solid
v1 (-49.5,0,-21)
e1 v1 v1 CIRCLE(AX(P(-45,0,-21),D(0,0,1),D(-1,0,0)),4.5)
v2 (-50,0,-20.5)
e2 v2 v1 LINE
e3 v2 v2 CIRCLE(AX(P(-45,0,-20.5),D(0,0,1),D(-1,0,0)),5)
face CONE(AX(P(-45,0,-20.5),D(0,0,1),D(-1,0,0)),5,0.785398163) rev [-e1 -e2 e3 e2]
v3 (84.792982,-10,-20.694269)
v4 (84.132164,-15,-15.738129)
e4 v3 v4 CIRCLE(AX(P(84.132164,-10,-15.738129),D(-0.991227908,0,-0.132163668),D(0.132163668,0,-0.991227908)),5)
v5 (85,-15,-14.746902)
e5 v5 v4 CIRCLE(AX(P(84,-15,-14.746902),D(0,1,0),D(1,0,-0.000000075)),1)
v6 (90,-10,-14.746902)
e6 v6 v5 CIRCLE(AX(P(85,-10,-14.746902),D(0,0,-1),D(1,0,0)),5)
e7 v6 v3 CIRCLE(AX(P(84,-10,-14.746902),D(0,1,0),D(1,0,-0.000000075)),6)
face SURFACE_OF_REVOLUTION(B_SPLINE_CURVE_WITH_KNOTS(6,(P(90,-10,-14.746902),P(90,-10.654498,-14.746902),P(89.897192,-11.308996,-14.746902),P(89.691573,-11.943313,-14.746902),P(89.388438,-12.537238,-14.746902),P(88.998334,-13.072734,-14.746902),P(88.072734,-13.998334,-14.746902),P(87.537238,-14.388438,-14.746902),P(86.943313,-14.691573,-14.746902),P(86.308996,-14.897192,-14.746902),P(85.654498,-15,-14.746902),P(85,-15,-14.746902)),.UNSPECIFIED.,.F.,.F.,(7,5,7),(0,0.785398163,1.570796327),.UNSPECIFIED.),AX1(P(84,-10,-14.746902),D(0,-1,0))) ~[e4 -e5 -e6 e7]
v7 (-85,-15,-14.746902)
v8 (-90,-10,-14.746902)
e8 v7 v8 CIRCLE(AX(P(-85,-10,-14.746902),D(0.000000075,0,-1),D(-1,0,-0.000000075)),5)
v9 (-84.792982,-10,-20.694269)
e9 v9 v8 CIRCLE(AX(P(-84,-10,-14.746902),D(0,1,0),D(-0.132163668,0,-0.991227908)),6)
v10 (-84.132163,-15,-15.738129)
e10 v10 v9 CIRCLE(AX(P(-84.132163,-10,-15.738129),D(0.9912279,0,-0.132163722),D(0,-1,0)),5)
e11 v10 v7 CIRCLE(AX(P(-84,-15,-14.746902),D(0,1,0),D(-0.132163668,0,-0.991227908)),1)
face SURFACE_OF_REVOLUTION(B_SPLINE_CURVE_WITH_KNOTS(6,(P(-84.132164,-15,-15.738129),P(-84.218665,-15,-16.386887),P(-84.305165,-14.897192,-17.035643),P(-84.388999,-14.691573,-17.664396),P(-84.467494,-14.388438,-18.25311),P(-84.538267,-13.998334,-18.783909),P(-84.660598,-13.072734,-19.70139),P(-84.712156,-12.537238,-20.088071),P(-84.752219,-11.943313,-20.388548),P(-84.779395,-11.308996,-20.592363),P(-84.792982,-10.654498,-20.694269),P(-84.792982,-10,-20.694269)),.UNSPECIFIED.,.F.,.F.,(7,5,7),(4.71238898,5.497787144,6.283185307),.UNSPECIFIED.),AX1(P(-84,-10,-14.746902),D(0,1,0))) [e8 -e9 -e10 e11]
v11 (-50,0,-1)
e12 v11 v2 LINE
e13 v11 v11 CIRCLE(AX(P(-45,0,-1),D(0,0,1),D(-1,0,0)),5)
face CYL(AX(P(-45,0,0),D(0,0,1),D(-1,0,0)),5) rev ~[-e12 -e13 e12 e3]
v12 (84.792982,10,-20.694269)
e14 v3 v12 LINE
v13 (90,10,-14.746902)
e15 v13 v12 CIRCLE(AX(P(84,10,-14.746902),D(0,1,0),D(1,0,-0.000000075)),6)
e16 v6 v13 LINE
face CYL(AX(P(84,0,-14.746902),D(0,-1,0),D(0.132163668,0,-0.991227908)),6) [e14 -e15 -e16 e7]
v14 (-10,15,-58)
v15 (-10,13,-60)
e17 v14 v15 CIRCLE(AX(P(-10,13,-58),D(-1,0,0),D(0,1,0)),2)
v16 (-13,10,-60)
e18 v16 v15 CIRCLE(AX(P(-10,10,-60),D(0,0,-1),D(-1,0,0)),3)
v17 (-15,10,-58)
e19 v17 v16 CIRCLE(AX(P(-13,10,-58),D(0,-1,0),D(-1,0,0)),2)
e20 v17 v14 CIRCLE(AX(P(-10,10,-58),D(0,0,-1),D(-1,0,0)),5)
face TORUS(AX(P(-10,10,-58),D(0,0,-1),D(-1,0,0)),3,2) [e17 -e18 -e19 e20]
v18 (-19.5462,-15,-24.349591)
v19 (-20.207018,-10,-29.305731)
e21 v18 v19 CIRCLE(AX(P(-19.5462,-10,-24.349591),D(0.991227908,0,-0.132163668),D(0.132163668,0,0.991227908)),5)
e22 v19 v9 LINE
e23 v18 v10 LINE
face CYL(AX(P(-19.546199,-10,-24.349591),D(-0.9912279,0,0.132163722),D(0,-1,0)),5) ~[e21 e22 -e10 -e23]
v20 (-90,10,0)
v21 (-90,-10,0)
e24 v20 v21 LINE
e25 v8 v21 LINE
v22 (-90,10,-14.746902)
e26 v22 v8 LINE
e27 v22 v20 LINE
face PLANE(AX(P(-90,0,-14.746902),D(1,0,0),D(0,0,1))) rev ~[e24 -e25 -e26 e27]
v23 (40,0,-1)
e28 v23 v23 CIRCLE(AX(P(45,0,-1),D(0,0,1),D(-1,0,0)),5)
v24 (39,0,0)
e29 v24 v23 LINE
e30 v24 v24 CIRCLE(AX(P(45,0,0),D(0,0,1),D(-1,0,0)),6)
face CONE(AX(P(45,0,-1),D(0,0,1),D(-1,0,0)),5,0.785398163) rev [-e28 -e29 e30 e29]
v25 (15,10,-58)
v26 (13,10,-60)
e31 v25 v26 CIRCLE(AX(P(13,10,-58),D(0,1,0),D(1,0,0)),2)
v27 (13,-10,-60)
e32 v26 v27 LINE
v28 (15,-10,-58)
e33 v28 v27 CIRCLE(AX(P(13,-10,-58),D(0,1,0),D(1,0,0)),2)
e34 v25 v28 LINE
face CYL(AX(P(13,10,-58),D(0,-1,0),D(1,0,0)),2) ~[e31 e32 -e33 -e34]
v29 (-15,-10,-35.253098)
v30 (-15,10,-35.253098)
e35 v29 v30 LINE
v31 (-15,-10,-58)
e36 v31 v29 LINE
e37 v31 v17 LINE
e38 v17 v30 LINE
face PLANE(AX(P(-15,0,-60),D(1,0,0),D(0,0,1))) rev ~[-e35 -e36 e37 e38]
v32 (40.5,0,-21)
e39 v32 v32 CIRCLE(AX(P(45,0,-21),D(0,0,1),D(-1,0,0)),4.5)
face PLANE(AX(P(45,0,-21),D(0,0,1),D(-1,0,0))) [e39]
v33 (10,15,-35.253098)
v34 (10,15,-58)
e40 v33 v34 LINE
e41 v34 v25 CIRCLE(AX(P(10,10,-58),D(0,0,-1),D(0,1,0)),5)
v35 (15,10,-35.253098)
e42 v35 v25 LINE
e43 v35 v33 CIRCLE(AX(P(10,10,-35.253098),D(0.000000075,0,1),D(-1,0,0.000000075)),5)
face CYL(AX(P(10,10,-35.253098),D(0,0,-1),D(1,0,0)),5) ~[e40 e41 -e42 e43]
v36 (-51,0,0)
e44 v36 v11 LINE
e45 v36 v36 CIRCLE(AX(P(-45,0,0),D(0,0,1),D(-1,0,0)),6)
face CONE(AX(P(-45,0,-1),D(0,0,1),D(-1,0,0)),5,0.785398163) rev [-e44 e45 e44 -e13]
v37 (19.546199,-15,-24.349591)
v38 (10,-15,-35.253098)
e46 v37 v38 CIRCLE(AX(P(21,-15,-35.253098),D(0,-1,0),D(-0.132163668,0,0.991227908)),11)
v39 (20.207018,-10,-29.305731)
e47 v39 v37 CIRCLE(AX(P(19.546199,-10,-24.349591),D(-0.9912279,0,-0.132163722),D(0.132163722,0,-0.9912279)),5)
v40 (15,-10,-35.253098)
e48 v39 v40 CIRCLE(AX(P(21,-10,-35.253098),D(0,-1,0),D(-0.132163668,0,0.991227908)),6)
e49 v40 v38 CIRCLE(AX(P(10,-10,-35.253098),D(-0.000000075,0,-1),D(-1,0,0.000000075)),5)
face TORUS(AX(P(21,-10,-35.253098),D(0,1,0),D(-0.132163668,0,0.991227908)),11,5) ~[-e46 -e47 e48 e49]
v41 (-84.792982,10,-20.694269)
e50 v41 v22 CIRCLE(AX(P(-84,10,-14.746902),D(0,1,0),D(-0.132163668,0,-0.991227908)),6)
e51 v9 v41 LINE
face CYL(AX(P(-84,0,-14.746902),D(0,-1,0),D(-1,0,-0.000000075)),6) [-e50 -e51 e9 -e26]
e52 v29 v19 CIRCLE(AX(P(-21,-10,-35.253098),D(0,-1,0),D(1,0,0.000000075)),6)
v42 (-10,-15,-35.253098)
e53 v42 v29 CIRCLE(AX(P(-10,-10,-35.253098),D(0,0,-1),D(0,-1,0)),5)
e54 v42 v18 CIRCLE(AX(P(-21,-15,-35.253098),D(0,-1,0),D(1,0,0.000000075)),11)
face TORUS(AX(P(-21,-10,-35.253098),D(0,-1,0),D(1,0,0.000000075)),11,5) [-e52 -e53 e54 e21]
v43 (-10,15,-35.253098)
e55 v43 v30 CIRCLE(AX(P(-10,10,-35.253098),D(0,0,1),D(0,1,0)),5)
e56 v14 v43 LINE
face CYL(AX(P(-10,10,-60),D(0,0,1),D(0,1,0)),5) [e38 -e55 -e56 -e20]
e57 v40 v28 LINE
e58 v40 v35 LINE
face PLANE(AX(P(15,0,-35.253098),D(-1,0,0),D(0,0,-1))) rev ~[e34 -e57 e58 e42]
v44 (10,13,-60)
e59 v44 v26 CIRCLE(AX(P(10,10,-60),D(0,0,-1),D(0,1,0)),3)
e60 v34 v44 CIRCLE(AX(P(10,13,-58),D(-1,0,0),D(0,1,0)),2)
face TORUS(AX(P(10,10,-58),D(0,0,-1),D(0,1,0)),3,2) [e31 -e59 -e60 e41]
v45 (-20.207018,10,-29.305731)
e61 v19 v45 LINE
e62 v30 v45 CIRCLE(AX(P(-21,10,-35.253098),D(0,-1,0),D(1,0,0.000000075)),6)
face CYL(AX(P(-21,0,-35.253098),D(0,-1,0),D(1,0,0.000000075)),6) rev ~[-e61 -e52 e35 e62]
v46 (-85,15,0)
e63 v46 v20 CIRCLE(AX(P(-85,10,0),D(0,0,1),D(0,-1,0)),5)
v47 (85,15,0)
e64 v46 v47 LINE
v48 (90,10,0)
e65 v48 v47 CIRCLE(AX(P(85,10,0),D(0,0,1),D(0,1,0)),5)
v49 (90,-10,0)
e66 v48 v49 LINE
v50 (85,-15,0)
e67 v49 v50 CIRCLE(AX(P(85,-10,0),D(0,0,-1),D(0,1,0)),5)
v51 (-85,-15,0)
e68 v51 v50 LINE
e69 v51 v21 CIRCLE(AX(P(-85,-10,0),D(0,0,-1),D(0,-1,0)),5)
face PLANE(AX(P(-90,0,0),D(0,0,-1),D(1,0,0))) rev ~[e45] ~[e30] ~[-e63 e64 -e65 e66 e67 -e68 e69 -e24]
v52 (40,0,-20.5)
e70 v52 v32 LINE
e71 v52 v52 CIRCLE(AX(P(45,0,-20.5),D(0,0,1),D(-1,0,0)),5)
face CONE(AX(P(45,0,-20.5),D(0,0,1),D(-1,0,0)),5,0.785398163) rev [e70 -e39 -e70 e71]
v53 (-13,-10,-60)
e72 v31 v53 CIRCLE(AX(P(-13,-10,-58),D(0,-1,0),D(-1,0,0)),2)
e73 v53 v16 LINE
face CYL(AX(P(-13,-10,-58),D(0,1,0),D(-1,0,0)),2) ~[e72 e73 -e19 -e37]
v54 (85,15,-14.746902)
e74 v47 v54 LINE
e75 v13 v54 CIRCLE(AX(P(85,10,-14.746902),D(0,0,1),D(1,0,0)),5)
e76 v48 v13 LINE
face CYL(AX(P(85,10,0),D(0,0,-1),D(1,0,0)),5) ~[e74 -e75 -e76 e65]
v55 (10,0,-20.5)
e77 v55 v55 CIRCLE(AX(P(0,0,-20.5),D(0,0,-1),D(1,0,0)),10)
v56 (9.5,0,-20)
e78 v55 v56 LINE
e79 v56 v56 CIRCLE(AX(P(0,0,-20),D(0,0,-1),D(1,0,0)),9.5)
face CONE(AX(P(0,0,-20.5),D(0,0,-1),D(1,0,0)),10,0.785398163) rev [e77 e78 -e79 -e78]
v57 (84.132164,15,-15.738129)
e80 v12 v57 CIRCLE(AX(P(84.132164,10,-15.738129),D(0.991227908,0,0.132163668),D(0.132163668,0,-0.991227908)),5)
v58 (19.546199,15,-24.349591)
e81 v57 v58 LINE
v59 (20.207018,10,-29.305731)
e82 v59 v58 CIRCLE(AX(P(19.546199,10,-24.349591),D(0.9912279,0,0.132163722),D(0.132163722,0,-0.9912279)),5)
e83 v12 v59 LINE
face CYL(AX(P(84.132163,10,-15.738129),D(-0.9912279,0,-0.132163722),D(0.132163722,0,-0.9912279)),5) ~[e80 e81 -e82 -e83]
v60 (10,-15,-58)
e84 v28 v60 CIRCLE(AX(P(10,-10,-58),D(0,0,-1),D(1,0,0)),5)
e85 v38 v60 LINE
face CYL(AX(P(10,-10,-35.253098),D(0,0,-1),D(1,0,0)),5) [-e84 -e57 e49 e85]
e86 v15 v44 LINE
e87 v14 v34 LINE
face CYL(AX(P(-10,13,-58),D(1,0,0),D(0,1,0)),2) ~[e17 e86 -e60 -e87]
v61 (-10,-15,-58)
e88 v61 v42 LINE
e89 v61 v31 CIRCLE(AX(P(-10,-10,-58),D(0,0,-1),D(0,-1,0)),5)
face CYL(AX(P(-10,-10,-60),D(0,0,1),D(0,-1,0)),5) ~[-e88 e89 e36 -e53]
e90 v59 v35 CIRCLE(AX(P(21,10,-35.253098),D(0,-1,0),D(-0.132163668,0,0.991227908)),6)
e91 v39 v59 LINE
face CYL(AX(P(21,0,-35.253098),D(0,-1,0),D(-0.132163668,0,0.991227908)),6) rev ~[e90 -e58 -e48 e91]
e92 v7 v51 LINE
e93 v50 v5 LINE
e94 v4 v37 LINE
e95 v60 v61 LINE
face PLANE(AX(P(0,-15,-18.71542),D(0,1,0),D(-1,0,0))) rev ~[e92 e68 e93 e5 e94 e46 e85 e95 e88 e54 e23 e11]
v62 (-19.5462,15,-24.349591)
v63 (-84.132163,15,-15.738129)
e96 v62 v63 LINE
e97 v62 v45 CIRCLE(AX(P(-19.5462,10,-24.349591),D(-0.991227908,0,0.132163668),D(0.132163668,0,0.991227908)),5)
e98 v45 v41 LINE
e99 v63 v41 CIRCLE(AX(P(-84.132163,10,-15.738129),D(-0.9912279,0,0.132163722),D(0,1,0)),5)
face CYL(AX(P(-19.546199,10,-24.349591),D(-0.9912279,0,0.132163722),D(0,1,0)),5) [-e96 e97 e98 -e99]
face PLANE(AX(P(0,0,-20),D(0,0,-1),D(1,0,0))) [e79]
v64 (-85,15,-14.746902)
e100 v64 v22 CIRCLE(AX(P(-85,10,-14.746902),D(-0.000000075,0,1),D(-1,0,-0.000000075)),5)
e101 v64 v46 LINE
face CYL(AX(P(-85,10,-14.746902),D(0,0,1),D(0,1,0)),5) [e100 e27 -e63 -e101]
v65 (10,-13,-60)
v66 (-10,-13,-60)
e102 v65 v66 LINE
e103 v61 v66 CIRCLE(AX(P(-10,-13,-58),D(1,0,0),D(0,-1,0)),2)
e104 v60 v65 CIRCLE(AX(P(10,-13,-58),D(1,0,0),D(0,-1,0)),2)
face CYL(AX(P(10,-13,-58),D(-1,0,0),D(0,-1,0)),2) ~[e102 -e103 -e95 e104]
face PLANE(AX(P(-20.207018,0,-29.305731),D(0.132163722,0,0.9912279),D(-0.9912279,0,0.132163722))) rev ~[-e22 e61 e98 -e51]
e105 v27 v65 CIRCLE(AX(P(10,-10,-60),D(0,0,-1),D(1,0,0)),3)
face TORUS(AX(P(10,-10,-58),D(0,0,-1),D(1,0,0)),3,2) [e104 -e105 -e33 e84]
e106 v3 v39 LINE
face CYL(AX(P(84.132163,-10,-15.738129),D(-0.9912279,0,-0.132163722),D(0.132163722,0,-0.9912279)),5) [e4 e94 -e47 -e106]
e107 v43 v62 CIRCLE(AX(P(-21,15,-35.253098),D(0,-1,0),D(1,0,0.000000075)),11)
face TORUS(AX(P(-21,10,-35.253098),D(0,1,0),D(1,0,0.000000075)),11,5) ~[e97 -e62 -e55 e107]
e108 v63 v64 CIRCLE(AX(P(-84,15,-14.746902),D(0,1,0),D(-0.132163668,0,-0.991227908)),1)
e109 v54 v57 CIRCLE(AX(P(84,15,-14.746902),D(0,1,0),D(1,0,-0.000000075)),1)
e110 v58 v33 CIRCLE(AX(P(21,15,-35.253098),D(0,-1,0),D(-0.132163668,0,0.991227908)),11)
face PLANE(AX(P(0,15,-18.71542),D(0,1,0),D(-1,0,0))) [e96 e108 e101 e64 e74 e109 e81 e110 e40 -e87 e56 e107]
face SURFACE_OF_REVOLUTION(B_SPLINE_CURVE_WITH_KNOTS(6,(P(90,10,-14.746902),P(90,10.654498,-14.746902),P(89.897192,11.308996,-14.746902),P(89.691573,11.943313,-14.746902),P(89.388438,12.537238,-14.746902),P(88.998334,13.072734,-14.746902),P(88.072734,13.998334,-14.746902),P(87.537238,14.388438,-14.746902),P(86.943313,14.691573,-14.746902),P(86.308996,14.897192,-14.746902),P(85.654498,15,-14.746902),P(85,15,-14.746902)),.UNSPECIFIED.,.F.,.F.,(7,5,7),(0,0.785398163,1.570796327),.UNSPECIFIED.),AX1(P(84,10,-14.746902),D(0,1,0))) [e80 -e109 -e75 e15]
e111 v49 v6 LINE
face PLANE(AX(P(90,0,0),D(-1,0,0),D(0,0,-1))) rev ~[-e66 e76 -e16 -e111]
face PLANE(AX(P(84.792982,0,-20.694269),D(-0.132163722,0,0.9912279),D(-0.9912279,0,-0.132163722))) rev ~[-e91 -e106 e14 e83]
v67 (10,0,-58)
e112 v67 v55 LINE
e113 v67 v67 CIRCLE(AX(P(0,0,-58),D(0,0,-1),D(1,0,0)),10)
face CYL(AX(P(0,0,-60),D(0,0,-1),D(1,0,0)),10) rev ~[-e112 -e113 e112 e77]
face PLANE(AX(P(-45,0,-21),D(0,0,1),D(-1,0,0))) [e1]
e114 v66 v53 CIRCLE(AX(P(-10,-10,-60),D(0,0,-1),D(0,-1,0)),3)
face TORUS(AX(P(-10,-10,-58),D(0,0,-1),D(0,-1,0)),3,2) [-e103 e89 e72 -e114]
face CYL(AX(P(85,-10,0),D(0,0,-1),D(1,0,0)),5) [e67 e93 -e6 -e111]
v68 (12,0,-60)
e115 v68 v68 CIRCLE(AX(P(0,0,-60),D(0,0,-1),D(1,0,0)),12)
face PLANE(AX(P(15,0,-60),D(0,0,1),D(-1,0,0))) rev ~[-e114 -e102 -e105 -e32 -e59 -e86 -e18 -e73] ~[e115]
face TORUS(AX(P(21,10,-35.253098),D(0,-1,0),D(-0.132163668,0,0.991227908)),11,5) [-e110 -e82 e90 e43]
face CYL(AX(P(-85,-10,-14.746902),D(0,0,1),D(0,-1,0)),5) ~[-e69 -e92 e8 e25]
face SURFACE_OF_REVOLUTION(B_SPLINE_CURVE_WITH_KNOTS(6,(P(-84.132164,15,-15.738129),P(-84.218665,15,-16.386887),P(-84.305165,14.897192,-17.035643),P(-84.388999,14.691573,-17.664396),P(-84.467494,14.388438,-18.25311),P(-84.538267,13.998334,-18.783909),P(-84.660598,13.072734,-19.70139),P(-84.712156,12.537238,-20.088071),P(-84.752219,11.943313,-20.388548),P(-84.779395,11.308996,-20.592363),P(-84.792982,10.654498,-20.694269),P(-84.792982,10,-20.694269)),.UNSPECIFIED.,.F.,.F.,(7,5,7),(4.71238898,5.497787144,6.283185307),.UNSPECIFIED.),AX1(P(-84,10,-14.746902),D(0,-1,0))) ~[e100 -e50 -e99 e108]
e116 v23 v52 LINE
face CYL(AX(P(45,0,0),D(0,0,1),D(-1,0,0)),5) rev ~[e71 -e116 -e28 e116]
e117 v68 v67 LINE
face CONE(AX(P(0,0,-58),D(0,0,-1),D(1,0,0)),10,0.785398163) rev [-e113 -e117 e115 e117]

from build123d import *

# Parameters (mm, degrees)
PAD_DEPTH       = 15
SKETCH001_R     = 5
POCKET_DEPTH    = 21
SKETCH002_R     = 10
POCKET001_DEPTH = 40
FILLET_R        = 5
CHAMFER_SIZE    = 2
CHAMFER001_SIZE = 0.5
CHAMFER002_SIZE = 1
CHAMFER003_SIZE = 0.5
FILLET001_R     = 2


with BuildPart() as part:
    # Sketch → Pad (new body, symmetric)
    with BuildSketch(Plane.XZ):
        with BuildLine():
            Line((90, 0), (90, -14.746902))
            ThreePointArc((84.792982, -20.694269), (88.514305, -18.699249), (90, -14.746902))
            Line((84.792982, -20.694269), (20.207018, -29.305731))
            ThreePointArc((20.207018, -29.305731), (16.485695, -31.300751), (15, -35.253098))
            Line((15, -35.253098), (15, -60))
            Line((15, -60), (-15, -60))
            Line((-15, -60), (-15, -35.253098))
            ThreePointArc((-15, -35.253098), (-16.485695, -31.300751), (-20.207018, -29.305731))
            Line((-20.207018, -29.305731), (-84.792982, -20.694269))
            ThreePointArc((-90, -14.746902), (-88.514305, -18.699249), (-84.792982, -20.694269))
            Line((-90, -14.746902), (-90, 0))
            Line((-90, 0), (0, 0))
            Line((0, 0), (90, 0))
        make_face()
    extrude(amount=PAD_DEPTH, both=True)

    # Sketch001 (on Face14 of Pad) → Pocket (cut)
    with BuildSketch(Plane(origin=(0, 0, 0), x_dir=(-1, 0, 0), z_dir=(0, 0, 1))):
        with Locations((-45, 0)):
            Circle(SKETCH001_R)
        with Locations((45, 0)):
            Circle(SKETCH001_R)
    extrude(amount=-POCKET_DEPTH, mode=Mode.SUBTRACT)

    # Sketch002 (on Face14 of Pocket) → Pocket001 (cut)
    with BuildSketch(Plane(origin=(0, 0, -60), x_dir=(1, 0, 0), z_dir=(0, 0, -1))):
        Circle(SKETCH002_R)
    extrude(amount=-POCKET001_DEPTH, mode=Mode.SUBTRACT)

    # Fillet
    fillet_edges = [part.edges().sort_by_distance(p)[0] for p in [
        (90, -15, -7.373451),
        (-90, -15, -7.373451),
        (-90, 15, -7.373451),
        (90, 15, -7.373451),
    ]]
    fillet(fillet_edges, radius=FILLET_R)

    # Chamfer
    chamfer_edges = [part.edges().sort_by_distance(p)[0] for p in [
        (-10, 0, -60),
    ]]
    chamfer(chamfer_edges, length=CHAMFER_SIZE)

    # Chamfer001
    chamfer001_edges = [part.edges().sort_by_distance(p)[0] for p in [
        (-10, 0, -20),
    ]]
    chamfer(chamfer001_edges, length=CHAMFER001_SIZE)

    # Chamfer002
    chamfer002_edges = [part.edges().sort_by_distance(p)[0] for p in [
        (-40, 0, 0),
        (50, 0, 0),
    ]]
    chamfer(chamfer002_edges, length=CHAMFER002_SIZE)

    # Chamfer003
    chamfer003_edges = [part.edges().sort_by_distance(p)[0] for p in [
        (50, 0, -21),
        (-40, 0, -21),
    ]]
    chamfer(chamfer003_edges, length=CHAMFER003_SIZE)

    # Fillet001
    fillet001_edges = [part.edges().sort_by_distance(p)[0] for p in [
        (0, -15, -60),
    ]]
    fillet(fillet001_edges, radius=FILLET001_R)


solid = part.part
